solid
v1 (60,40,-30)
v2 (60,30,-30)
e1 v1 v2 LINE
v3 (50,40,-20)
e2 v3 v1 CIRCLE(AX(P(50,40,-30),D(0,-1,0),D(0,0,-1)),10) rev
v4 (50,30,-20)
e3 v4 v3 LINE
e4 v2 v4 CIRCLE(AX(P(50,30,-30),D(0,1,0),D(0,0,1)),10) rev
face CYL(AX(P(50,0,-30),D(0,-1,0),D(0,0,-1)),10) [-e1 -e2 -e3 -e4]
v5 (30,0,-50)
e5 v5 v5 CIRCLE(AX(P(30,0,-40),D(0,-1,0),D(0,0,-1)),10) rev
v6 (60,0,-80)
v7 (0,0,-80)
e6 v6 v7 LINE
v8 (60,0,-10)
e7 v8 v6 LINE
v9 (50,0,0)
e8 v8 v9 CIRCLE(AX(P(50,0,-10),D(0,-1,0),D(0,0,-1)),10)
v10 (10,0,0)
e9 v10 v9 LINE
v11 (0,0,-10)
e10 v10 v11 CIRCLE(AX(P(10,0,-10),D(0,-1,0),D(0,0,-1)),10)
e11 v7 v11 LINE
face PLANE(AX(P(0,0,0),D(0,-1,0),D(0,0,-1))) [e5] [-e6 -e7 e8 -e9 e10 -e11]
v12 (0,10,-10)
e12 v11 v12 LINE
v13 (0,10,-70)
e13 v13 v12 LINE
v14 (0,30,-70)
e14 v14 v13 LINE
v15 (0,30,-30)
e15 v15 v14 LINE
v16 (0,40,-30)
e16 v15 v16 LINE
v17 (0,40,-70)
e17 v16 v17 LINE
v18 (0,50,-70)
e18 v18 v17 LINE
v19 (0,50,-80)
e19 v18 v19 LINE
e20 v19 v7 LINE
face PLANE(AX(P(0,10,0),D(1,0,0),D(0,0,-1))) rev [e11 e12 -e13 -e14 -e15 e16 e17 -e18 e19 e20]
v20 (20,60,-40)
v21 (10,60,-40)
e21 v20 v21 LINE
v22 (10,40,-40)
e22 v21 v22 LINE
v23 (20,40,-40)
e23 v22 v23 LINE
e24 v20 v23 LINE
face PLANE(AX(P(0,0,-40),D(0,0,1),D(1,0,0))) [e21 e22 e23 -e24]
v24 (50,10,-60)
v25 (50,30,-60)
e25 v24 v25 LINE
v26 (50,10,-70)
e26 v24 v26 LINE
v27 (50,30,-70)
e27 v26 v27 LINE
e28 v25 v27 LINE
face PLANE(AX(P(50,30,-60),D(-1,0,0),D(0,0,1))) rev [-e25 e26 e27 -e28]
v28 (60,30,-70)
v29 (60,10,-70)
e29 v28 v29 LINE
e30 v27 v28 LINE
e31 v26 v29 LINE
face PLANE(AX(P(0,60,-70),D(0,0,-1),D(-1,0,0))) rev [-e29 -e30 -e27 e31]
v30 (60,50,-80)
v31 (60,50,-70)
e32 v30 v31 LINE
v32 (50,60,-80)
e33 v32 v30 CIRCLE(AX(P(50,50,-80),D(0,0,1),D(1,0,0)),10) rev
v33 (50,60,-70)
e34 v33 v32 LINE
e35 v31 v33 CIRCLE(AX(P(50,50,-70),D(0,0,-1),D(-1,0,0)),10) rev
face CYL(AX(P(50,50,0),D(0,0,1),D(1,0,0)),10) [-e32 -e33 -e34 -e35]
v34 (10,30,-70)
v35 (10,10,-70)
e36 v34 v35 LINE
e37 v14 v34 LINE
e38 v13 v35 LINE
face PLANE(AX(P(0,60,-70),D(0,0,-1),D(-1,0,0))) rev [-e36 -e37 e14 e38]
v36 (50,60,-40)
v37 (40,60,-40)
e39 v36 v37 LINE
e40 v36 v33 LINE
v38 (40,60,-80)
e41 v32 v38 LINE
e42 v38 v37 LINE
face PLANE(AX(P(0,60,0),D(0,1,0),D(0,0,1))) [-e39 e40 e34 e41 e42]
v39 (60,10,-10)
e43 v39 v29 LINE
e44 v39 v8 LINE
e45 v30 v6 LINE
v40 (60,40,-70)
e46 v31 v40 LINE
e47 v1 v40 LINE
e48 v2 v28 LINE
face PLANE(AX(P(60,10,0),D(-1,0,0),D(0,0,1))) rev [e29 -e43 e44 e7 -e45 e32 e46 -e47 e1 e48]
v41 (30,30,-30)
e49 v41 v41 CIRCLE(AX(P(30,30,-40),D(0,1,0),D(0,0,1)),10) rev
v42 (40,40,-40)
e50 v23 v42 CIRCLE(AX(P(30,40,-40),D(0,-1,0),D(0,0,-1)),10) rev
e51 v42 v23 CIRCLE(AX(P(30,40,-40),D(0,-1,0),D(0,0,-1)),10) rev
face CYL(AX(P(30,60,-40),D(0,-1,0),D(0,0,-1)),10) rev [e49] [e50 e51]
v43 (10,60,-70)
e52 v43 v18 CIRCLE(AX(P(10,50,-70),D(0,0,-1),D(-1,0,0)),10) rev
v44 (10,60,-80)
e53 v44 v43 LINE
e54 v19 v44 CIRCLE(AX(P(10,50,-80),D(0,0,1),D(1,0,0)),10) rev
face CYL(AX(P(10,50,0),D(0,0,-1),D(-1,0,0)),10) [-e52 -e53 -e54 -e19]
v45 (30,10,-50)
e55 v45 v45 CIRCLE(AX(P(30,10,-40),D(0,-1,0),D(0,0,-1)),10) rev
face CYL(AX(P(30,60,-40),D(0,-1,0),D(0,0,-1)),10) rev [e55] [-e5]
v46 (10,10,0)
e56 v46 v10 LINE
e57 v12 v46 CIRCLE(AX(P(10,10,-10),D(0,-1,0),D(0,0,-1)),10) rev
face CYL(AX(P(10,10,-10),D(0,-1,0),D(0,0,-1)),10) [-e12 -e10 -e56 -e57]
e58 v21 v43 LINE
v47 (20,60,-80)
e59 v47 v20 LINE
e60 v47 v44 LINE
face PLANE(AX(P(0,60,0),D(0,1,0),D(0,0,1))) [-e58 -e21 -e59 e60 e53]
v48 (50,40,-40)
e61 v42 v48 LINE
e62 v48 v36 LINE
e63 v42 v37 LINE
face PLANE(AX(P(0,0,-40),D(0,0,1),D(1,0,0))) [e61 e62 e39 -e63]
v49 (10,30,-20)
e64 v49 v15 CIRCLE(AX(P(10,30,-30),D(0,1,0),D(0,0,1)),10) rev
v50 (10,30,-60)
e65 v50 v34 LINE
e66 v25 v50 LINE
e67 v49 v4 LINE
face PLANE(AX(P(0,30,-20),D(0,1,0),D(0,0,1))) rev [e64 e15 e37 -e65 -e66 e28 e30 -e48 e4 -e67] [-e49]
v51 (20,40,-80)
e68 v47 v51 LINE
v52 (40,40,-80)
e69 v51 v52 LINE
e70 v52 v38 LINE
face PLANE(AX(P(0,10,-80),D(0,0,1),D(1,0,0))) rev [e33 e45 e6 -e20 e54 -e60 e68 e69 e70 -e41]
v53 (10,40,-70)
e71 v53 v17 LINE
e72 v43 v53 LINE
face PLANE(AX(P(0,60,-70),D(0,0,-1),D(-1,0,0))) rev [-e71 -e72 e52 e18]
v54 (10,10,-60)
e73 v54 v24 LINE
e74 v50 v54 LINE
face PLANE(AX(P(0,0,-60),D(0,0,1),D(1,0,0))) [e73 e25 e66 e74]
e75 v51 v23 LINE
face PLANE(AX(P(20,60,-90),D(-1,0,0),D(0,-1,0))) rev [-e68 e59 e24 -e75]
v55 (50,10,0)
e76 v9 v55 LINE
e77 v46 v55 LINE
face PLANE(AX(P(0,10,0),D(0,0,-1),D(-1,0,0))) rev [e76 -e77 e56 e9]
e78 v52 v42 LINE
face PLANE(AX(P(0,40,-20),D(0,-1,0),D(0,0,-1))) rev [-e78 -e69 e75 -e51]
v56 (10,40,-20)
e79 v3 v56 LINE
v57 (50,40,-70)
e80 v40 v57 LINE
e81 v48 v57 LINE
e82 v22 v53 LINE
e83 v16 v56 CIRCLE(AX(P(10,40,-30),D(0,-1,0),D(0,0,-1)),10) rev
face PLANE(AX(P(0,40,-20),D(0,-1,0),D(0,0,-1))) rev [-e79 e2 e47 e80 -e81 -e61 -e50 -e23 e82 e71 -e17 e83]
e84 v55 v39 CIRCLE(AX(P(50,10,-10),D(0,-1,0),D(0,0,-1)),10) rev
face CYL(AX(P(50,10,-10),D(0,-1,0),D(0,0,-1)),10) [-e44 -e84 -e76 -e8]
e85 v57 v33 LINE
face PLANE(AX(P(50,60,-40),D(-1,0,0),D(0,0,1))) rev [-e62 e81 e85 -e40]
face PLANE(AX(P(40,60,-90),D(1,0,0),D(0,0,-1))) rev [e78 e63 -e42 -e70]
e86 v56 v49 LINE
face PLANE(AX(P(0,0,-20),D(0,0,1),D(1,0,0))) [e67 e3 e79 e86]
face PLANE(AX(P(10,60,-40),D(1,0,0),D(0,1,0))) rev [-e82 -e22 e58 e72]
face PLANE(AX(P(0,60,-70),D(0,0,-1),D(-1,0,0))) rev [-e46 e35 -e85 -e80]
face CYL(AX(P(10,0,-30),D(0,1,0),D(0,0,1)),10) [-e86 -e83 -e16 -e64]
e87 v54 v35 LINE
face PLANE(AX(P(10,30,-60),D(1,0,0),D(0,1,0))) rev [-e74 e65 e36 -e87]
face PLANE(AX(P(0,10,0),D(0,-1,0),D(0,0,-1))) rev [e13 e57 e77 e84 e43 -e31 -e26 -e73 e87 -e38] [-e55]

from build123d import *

# Parameters (mm, degrees)
SKETCH_1_W               = 60
SKETCH_1_H               = 80
EXTRUDE_1_DEPTH          = 10
SKETCH_2_W               = 60
SKETCH_2_H               = 10
EXTRUDE_2_DEPTH          = 50
SKETCH_3_W               = 60
SKETCH_3_H               = 10
EXTRUDE_3_DEPTH          = 50
SKETCH_4_W               = 40
SKETCH_4_H               = 20
EXTRUDE_4_DEPTH          = 10
SKETCH_5_W               = 40
SKETCH_5_H               = 20
EXTRUDE_5_DEPTH          = 30
SKETCH_6_W               = 20
SKETCH_6_H               = 20
CUT_EXTRUDE_1_DEPTH      = 50
FILLET_1_R               = 10
CUT_EXTRUDE_2_DEPTH      = 50
CUT_EXTRUDE_2_DEPTH_BACK = 50
SKETCH_7_R               = 10


with BuildPart() as part:
    # 스케치1 → 보스-돌출1 (new body)
    with BuildSketch(Plane(origin=(0, 0, 0), x_dir=(1, 0, 0), z_dir=(0, 1, 0))):
        with Locations((30, 40)):
            Rectangle(SKETCH_1_W, SKETCH_1_H)
    extrude(amount=EXTRUDE_1_DEPTH)

    # 스케치2 → 보스-돌출2 (add)
    with BuildSketch(Plane(origin=(0, 10, 0), x_dir=(1, 0, 0), z_dir=(0, 1, 0))):
        with Locations((30, 75)):
            Rectangle(SKETCH_2_W, SKETCH_2_H)
    extrude(amount=EXTRUDE_2_DEPTH)

    # 스케치3 → 보스-돌출3 (add)
    with BuildSketch(Plane.XY.offset(-70)):
        with Locations((30, 35)):
            Rectangle(SKETCH_3_W, SKETCH_3_H)
    extrude(amount=EXTRUDE_3_DEPTH)

    # 스케치4 → 보스-돌출4 (add)
    with BuildSketch(Plane.XY.offset(-70)):
        with Locations((30, 20)):
            Rectangle(SKETCH_4_W, SKETCH_4_H)
    extrude(amount=EXTRUDE_4_DEPTH)

    # 스케치5 → 보스-돌출5 (add)
    with BuildSketch(Plane.XY.offset(-70)):
        with Locations((30, 50)):
            Rectangle(SKETCH_5_W, SKETCH_5_H)
    extrude(amount=EXTRUDE_5_DEPTH)

    # 스케치6 → 컷-돌출1 (cut)
    with BuildSketch(Plane.XY.offset(-40)):
        with Locations((30, 50)):
            Rectangle(SKETCH_6_W, SKETCH_6_H)
    extrude(amount=-CUT_EXTRUDE_1_DEPTH, mode=Mode.SUBTRACT)

    # 필렛1
    fillet_1_edges = [part.edges().sort_by_distance(p)[0] for p in [
        (0, 60, -75),
        (60, 60, -75),
        (0, 35, -20),
        (60, 35, -20),
        (60, 5, 0),
        (0, 5, 0),
    ]]
    fillet(fillet_1_edges, radius=FILLET_1_R)

    # 스케치7 → 컷-돌출2 (cut, two sides: drawn at the far end of the back side and taken through both)
    with BuildSketch(Plane(origin=(0, 10, 0), x_dir=(1, 0, 0), z_dir=(0, 1, 0)).offset(-CUT_EXTRUDE_2_DEPTH_BACK)):
        with Locations(Location((30, 40, 0), (0, 0, 90))):
            Circle(SKETCH_7_R)
    extrude(amount=CUT_EXTRUDE_2_DEPTH + CUT_EXTRUDE_2_DEPTH_BACK, mode=Mode.SUBTRACT)


solid = part.part
